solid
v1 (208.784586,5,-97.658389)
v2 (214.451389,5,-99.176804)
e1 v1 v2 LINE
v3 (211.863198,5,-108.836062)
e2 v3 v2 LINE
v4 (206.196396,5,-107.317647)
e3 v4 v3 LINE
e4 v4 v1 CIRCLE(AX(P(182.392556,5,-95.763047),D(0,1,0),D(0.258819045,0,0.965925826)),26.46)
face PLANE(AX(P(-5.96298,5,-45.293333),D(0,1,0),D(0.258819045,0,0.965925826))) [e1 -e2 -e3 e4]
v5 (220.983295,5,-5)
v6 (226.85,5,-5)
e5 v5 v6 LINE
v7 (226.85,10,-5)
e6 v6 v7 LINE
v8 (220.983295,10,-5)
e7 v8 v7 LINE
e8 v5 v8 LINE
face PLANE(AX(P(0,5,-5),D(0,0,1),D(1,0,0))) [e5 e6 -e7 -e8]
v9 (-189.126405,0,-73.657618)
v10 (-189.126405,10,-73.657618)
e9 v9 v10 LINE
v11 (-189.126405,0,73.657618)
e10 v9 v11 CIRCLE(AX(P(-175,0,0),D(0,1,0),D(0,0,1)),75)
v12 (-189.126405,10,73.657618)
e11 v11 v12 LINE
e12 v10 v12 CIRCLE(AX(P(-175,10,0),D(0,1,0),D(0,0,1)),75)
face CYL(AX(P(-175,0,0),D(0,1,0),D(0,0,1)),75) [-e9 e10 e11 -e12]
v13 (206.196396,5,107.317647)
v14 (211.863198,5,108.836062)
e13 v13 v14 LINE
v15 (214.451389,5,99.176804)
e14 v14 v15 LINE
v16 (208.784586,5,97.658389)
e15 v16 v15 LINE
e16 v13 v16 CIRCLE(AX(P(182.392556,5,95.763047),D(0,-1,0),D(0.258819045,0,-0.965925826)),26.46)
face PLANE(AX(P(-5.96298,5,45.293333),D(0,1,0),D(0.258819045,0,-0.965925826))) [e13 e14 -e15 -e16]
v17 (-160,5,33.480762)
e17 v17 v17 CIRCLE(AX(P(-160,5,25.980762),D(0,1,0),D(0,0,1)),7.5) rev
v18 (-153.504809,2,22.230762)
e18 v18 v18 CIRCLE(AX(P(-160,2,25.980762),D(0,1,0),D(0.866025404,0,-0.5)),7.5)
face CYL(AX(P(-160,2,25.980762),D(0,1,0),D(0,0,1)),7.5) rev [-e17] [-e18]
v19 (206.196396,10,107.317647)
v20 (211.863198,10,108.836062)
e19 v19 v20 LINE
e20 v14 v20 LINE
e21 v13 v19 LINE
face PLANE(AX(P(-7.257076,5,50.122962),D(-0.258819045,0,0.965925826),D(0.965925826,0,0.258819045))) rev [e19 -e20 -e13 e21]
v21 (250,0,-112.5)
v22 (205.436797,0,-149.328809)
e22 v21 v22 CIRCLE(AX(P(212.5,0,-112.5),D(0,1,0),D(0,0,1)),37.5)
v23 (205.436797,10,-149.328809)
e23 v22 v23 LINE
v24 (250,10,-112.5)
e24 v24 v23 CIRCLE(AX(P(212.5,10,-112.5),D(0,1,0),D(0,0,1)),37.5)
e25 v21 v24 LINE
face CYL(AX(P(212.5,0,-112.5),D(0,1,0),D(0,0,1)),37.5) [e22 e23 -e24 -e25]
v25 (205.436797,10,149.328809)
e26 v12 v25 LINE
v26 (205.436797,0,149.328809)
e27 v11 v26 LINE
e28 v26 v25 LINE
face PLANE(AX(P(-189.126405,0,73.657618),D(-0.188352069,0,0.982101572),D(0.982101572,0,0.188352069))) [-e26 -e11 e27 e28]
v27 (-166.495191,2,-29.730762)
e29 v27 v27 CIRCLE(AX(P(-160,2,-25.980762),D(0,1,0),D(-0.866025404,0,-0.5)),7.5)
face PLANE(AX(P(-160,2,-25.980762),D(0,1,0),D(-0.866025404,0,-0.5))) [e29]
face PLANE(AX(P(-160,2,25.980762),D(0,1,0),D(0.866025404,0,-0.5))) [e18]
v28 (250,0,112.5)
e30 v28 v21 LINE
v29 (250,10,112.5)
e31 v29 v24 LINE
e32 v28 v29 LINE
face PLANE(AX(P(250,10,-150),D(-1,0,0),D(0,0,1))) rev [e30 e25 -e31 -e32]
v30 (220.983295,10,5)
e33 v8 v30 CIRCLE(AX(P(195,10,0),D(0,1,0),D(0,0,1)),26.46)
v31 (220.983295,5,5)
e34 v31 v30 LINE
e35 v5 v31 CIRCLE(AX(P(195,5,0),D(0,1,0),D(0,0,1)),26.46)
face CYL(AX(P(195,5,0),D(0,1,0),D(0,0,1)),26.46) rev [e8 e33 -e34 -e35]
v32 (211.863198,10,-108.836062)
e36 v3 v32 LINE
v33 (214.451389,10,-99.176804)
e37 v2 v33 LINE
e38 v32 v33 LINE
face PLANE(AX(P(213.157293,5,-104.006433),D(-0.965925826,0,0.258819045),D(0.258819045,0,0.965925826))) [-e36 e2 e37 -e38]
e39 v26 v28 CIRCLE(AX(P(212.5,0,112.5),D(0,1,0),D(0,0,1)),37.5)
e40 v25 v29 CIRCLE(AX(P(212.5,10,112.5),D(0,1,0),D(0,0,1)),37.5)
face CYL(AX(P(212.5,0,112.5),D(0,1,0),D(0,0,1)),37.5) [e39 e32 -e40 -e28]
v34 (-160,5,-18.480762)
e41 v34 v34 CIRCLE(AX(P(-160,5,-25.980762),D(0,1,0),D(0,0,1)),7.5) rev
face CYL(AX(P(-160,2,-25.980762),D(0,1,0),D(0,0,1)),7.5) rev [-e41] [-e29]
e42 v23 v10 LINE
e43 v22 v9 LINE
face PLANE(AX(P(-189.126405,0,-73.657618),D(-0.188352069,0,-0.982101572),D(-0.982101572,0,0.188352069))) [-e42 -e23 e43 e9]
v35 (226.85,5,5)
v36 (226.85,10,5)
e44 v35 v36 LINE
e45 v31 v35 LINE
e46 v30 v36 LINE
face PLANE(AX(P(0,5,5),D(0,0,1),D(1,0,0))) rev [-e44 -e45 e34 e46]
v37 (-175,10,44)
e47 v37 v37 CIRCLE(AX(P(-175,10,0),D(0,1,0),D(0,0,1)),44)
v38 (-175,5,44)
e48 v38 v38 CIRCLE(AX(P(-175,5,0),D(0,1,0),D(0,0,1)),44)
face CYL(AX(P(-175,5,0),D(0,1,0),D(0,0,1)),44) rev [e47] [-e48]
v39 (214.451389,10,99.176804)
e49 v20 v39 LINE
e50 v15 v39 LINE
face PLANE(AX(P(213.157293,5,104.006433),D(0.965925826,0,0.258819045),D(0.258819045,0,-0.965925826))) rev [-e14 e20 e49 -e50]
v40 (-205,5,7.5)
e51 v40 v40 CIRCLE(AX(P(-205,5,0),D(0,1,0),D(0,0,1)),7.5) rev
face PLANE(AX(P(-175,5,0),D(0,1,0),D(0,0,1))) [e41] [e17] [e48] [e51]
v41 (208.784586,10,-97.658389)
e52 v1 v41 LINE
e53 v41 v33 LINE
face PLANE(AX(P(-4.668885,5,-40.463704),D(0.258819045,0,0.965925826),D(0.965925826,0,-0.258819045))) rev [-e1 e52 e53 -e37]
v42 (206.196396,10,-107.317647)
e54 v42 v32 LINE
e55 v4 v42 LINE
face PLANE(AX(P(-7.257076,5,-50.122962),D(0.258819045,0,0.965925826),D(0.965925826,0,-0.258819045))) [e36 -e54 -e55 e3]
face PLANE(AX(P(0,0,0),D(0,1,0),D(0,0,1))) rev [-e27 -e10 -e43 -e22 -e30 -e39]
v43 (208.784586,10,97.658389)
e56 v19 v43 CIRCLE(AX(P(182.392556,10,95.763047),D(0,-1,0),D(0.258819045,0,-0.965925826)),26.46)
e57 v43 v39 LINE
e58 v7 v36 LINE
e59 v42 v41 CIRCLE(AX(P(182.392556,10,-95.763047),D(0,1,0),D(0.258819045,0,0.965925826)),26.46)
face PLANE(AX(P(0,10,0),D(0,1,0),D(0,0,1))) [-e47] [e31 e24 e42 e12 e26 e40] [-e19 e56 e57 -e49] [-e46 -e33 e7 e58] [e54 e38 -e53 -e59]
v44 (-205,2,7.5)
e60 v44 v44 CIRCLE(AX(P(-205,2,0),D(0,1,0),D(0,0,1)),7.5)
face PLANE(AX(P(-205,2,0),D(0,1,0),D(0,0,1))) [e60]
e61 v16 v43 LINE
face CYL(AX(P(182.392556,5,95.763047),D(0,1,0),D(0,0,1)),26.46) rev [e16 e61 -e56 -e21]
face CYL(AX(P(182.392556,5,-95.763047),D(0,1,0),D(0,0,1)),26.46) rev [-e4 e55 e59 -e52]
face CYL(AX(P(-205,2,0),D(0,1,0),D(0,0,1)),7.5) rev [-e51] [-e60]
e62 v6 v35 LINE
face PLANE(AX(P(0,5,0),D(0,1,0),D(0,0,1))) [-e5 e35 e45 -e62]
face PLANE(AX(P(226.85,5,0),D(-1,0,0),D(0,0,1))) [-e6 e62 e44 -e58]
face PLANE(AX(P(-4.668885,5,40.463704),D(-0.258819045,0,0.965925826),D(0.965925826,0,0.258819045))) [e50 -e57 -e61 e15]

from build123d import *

# Parameters (mm, degrees)
IZIM2_W                        = 500
IZIM2_H                        = 300
Y_KSEKLIK_EKSTR_ZYON2_DEPTH    = 10
IZIM3_OUTSIDE_W                = 618.636
IZIM3_OUTSIDE_H                = 418.636
KES_EKSTR_ZYON1_DEPTH          = 10
TABAKLARI_UZAKLASTIRMA_2_DEPTH = 5
DAIRESEL_KAPLAMA1_COUNT        = 2
DAIRESEL_KAPLAMA1_ANGLE        = 15
AYNALAMA1_COPY_1_DEPTH         = 5
AYNALAMA1_COPY_2_DEPTH         = 5
IZIM9_R                        = 7.5
KES_EKSTR_ZYON4_DEPTH          = 8
DAIRESEL_KAPLAMA2_COUNT        = 3
IZIM10_R                       = 44
KES_EKSTR_ZYON5_DEPTH          = 5


with BuildPart() as part:
    # Çizim2 → Yükseklik-Ekstrüzyon2 (new body)
    with BuildSketch(Plane(origin=(0, 0, 0), x_dir=(1, 0, 0), z_dir=(0, 1, 0))):
        Rectangle(IZIM2_W, IZIM2_H)
    extrude(amount=Y_KSEKLIK_EKSTR_ZYON2_DEPTH)

    # Çizim3 outside → Kes-Ekstrüzyon1 (cut)
    with BuildSketch(Plane(origin=(0, 10, 0), x_dir=(1, 0, 0), z_dir=(0, 1, 0))):
        Rectangle(IZIM3_OUTSIDE_W, IZIM3_OUTSIDE_H)
        with BuildLine():
            Line((-189.1264052, 73.65761791), (205.4367974, 149.328808955))
            ThreePointArc((205.4367974, 149.328808955), (236.389117842, 141.406055572), (250, 112.5))
            Line((250, 112.5), (250, -112.5))
            ThreePointArc((250, -112.5), (236.389117842, -141.406055572), (205.4367974, -149.328808955))
            Line((205.4367974, -149.328808955), (-189.1264052, -73.65761791))
            ThreePointArc((-189.1264052, -73.65761791), (-250, 0), (-189.1264052, 73.65761791))
        make_face(mode=Mode.SUBTRACT)
    extrude(amount=-KES_EKSTR_ZYON1_DEPTH, mode=Mode.SUBTRACT)

    # Çizim6 → Tabaklari-uzaklastirma-2 (cut)
    with BuildSketch(Plane(origin=(0, 10, 0), x_dir=(1, 0, 0), z_dir=(0, 1, 0))):
        with BuildLine():
            Line((226.85, 5), (220.983294633, 5))
            ThreePointArc((220.983294633, 5), (221.340554056, 2.511336696), (221.46, 0))
            ThreePointArc((221.46, 0), (221.340554056, -2.511336696), (220.983294633, -5))
            Line((220.983294633, -5), (226.85, -5))
            Line((226.85, -5), (226.85, 5))
        make_face()
        with BuildLine():
            Line((206.85, -5), (206.85, 5))
            Line((206.85, 5), (220.983294633, 5))
            ThreePointArc((220.983294633, 5), (168.54, 0), (220.983294633, -5))
            Line((220.983294633, -5), (206.85, -5))
        make_face()
        with BuildLine():
            Line((220.983294633, 5), (206.85, 5))
            Line((206.85, 5), (206.85, -5))
            Line((206.85, -5), (220.983294633, -5))
            ThreePointArc((220.983294633, -5), (221.340554056, -2.511336696), (221.46, 0))
            ThreePointArc((221.46, 0), (221.340554056, 2.511336696), (220.983294633, 5))
        make_face()
    tabaklari_uzaklastirma_2 = extrude(amount=-TABAKLARI_UZAKLASTIRMA_2_DEPTH, mode=Mode.SUBTRACT)

    # Dairesel Kaplama1: Tabaklari-uzaklastirma-2 ×2 about axis
    dairesel_kaplama1_axis = Axis((-175, 0, 0), (0, 1, 0))
    for i in range(1, DAIRESEL_KAPLAMA1_COUNT):
        add(tabaklari_uzaklastirma_2.rotate(dairesel_kaplama1_axis, i * DAIRESEL_KAPLAMA1_ANGLE / (DAIRESEL_KAPLAMA1_COUNT - 1)), mode=Mode.SUBTRACT)

    # Aynalama1 copy 1 sketch → Aynalama1 copy 1 (cut)
    with BuildSketch(Plane(origin=(-5.962980399, 10, 45.293332893), x_dir=(0.9659258262890681, 0, 0.2588190451025214), z_dir=(0, 1, 0))):
        with BuildLine():
            Line((226.85, -5), (220.983294633, -5))
            ThreePointArc((220.983294633, -5), (221.340554056, -2.511336696), (221.46, 0))
            ThreePointArc((221.46, 0), (221.340554056, 2.511336696), (220.983294633, 5))
            Line((220.983294633, 5), (226.85, 5))
            Line((226.85, 5), (226.85, -5))
        make_face()
        with BuildLine():
            Line((206.85, 5), (206.85, -5))
            Line((206.85, -5), (220.983294633, -5))
            ThreePointArc((220.983294633, -5), (168.54, 0), (220.983294633, 5))
            Line((220.983294633, 5), (206.85, 5))
        make_face()
        with BuildLine():
            Line((220.983294633, -5), (206.85, -5))
            Line((206.85, -5), (206.85, 5))
            Line((206.85, 5), (220.983294633, 5))
            ThreePointArc((220.983294633, 5), (221.340554056, 2.511336696), (221.46, 0))
            ThreePointArc((221.46, 0), (221.340554056, -2.511336696), (220.983294633, -5))
        make_face()
    extrude(amount=-AYNALAMA1_COPY_1_DEPTH, mode=Mode.SUBTRACT)

    # Aynalama1 copy 2 sketch → Aynalama1 copy 2 (cut)
    with BuildSketch(Plane(origin=(0, 10, 0), x_dir=(1, 0, 0), z_dir=(0, 1, 0))):
        with BuildLine():
            Line((226.85, -5), (220.983294633, -5))
            ThreePointArc((220.983294633, -5), (221.340554056, -2.511336696), (221.46, 0))
            ThreePointArc((221.46, 0), (221.340554056, 2.511336696), (220.983294633, 5))
            Line((220.983294633, 5), (226.85, 5))
            Line((226.85, 5), (226.85, -5))
        make_face()
        with BuildLine():
            Line((206.85, 5), (206.85, -5))
            Line((206.85, -5), (220.983294633, -5))
            ThreePointArc((220.983294633, -5), (168.54, 0), (220.983294633, 5))
            Line((220.983294633, 5), (206.85, 5))
        make_face()
        with BuildLine():
            Line((220.983294633, -5), (206.85, -5))
            Line((206.85, -5), (206.85, 5))
            Line((206.85, 5), (220.983294633, 5))
            ThreePointArc((220.983294633, 5), (221.340554056, 2.511336696), (221.46, 0))
            ThreePointArc((221.46, 0), (221.340554056, -2.511336696), (220.983294633, -5))
        make_face()
    extrude(amount=-AYNALAMA1_COPY_2_DEPTH, mode=Mode.SUBTRACT)

    # Çizim9 → Kes-Ekstrüzyon4 (cut)
    with BuildSketch(Plane(origin=(0, 10, 0), x_dir=(1, 0, 0), z_dir=(0, 1, 0))):
        with Locations(Location((-205, 0, 0), (0, 0, 270))):
            Circle(IZIM9_R)
    kes_ekstr_zyon4 = extrude(amount=-KES_EKSTR_ZYON4_DEPTH, mode=Mode.SUBTRACT)

    # Dairesel Kaplama2: Kes-Ekstrüzyon4 ×3 about axis
    dairesel_kaplama2_axis = Axis((-175, 0, 0), (0, 1, 0))
    for i in range(1, DAIRESEL_KAPLAMA2_COUNT):
        add(kes_ekstr_zyon4.rotate(dairesel_kaplama2_axis, i * 360 / DAIRESEL_KAPLAMA2_COUNT), mode=Mode.SUBTRACT)

    # Çizim10 → Kes-Ekstrüzyon5 (cut)
    with BuildSketch(Plane(origin=(0, 10, 0), x_dir=(1, 0, 0), z_dir=(0, 1, 0))):
        with Locations(Location((-175, 0, 0), (0, 0, 270))):
            Circle(IZIM10_R)
    extrude(amount=-KES_EKSTR_ZYON5_DEPTH, mode=Mode.SUBTRACT)


solid = part.part
